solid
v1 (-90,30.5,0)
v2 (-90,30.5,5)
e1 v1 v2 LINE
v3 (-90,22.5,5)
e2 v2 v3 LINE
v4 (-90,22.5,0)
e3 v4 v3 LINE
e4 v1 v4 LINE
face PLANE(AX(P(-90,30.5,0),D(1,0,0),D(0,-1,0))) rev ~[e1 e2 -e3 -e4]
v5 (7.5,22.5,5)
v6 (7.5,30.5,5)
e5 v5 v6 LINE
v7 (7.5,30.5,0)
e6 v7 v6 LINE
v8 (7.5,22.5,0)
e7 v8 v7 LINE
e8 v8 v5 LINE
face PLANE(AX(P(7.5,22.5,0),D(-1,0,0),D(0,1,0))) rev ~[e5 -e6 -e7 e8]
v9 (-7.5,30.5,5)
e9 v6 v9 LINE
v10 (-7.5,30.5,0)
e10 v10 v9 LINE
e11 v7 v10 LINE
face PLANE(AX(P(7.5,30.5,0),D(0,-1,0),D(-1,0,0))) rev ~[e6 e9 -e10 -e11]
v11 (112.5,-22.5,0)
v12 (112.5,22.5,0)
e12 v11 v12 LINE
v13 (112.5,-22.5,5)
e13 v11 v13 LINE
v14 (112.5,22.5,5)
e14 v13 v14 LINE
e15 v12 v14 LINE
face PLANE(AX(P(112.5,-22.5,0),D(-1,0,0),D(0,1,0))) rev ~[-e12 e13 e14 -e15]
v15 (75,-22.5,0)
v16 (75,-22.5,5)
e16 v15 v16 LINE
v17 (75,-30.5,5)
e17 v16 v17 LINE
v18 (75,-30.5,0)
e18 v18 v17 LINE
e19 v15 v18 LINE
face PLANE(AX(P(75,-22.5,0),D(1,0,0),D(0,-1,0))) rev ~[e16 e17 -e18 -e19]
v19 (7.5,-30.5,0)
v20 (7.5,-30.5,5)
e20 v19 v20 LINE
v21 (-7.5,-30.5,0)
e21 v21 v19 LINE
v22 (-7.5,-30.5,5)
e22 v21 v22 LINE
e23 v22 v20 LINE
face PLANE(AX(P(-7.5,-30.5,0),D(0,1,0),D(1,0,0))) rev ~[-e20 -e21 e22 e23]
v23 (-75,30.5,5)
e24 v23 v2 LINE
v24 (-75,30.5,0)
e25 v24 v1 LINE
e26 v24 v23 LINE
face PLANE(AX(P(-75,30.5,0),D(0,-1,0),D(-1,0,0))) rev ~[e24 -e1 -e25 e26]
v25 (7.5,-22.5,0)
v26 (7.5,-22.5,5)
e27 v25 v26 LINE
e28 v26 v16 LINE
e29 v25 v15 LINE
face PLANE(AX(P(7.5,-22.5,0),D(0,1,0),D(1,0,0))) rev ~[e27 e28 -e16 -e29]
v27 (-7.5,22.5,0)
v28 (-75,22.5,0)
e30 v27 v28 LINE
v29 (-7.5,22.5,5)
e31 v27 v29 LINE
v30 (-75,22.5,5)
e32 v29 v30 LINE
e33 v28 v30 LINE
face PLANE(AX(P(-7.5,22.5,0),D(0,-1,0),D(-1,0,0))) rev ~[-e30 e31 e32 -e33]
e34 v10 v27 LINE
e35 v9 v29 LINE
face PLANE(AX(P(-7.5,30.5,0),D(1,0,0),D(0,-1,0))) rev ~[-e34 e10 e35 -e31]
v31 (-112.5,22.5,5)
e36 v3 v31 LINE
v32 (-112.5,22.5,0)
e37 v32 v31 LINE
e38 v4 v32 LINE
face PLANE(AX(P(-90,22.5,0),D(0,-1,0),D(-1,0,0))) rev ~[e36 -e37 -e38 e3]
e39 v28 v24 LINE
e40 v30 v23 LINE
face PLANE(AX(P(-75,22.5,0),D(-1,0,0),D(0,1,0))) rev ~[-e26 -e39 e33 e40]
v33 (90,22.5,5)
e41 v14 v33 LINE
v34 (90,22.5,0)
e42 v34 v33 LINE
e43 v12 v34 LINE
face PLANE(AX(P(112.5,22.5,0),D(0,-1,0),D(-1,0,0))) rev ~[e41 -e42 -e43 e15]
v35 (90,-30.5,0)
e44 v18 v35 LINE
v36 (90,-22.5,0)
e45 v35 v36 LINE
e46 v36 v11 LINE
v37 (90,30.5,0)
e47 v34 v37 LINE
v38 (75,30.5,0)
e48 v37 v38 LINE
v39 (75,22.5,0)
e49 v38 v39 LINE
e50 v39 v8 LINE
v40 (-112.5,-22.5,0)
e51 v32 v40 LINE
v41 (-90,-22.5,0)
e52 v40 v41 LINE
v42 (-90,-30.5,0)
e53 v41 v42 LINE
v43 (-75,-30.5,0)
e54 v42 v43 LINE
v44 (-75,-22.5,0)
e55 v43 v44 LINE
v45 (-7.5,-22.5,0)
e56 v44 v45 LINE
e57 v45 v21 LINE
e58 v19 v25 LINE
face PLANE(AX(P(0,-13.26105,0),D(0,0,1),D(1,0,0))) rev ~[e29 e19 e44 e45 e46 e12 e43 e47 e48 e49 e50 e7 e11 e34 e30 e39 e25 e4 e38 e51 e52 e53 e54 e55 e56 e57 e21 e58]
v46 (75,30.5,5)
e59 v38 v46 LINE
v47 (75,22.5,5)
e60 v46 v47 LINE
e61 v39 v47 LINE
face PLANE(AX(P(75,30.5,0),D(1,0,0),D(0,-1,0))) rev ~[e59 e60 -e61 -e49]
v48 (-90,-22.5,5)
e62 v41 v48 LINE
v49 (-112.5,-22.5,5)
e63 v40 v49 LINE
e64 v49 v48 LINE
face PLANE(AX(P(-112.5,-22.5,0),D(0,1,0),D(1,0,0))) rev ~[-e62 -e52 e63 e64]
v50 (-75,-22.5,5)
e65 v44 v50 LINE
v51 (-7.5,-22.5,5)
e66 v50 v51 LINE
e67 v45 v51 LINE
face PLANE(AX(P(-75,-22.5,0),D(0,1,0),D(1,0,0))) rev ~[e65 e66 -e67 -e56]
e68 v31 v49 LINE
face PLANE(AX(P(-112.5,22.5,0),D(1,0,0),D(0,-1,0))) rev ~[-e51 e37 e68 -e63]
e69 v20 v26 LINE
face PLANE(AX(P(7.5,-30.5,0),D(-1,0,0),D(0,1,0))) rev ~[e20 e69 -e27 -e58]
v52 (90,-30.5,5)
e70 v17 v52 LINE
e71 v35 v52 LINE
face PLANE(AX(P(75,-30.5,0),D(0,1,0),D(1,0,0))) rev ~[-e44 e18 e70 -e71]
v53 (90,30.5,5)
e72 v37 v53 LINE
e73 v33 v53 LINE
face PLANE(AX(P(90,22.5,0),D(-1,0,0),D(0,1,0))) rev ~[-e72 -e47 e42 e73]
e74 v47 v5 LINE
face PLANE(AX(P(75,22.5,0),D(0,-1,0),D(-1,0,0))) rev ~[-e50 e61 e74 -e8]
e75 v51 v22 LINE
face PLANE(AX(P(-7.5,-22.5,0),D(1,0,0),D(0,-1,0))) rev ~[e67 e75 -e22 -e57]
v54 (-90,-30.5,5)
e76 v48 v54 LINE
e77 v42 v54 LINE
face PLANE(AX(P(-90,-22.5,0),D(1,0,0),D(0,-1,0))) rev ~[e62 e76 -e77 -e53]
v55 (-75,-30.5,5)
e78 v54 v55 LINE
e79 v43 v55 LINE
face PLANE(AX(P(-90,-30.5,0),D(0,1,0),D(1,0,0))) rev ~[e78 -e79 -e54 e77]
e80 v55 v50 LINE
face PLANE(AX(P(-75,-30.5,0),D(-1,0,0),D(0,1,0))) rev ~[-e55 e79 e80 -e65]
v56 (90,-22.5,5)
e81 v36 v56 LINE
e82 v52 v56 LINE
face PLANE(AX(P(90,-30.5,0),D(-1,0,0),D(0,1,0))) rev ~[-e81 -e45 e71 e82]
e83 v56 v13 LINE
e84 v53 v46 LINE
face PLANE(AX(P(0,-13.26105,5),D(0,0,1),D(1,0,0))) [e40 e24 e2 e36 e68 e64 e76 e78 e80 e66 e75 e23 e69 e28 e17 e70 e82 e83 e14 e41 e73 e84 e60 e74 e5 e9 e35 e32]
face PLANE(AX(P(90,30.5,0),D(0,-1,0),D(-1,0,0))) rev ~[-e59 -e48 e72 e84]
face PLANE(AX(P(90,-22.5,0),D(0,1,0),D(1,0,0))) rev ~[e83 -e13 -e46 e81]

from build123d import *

# Parameters (mm, degrees)
F1_DEPTH = 5


with BuildPart() as f1:
    # F0 (on Top) → F1 (new body)
    with BuildSketch(Plane.XY):
        Polygon((112.5, 0), (-112.5, 0), (-112.5, -22.5), (-90, -22.5), (-90, -30.5), (-75, -30.5), (-75, -22.5), (-7.5, -22.5), (-7.5, -30.5), (7.5, -30.5), (7.5, -22.5), (75, -22.5), (75, -30.5), (90, -30.5), (90, -22.5), (112.5, -22.5), align=None)
        Polygon((-112.5, 22.5), (-112.5, 0), (112.5, 0), (112.5, 22.5), (90, 22.5), (90, 30.5), (75, 30.5), (75, 22.5), (7.5, 22.5), (7.5, 30.5), (-7.5, 30.5), (-7.5, 22.5), (-75, 22.5), (-75, 30.5), (-90, 30.5), (-90, 22.5), align=None)
    extrude(amount=F1_DEPTH)


solid = f1.part
